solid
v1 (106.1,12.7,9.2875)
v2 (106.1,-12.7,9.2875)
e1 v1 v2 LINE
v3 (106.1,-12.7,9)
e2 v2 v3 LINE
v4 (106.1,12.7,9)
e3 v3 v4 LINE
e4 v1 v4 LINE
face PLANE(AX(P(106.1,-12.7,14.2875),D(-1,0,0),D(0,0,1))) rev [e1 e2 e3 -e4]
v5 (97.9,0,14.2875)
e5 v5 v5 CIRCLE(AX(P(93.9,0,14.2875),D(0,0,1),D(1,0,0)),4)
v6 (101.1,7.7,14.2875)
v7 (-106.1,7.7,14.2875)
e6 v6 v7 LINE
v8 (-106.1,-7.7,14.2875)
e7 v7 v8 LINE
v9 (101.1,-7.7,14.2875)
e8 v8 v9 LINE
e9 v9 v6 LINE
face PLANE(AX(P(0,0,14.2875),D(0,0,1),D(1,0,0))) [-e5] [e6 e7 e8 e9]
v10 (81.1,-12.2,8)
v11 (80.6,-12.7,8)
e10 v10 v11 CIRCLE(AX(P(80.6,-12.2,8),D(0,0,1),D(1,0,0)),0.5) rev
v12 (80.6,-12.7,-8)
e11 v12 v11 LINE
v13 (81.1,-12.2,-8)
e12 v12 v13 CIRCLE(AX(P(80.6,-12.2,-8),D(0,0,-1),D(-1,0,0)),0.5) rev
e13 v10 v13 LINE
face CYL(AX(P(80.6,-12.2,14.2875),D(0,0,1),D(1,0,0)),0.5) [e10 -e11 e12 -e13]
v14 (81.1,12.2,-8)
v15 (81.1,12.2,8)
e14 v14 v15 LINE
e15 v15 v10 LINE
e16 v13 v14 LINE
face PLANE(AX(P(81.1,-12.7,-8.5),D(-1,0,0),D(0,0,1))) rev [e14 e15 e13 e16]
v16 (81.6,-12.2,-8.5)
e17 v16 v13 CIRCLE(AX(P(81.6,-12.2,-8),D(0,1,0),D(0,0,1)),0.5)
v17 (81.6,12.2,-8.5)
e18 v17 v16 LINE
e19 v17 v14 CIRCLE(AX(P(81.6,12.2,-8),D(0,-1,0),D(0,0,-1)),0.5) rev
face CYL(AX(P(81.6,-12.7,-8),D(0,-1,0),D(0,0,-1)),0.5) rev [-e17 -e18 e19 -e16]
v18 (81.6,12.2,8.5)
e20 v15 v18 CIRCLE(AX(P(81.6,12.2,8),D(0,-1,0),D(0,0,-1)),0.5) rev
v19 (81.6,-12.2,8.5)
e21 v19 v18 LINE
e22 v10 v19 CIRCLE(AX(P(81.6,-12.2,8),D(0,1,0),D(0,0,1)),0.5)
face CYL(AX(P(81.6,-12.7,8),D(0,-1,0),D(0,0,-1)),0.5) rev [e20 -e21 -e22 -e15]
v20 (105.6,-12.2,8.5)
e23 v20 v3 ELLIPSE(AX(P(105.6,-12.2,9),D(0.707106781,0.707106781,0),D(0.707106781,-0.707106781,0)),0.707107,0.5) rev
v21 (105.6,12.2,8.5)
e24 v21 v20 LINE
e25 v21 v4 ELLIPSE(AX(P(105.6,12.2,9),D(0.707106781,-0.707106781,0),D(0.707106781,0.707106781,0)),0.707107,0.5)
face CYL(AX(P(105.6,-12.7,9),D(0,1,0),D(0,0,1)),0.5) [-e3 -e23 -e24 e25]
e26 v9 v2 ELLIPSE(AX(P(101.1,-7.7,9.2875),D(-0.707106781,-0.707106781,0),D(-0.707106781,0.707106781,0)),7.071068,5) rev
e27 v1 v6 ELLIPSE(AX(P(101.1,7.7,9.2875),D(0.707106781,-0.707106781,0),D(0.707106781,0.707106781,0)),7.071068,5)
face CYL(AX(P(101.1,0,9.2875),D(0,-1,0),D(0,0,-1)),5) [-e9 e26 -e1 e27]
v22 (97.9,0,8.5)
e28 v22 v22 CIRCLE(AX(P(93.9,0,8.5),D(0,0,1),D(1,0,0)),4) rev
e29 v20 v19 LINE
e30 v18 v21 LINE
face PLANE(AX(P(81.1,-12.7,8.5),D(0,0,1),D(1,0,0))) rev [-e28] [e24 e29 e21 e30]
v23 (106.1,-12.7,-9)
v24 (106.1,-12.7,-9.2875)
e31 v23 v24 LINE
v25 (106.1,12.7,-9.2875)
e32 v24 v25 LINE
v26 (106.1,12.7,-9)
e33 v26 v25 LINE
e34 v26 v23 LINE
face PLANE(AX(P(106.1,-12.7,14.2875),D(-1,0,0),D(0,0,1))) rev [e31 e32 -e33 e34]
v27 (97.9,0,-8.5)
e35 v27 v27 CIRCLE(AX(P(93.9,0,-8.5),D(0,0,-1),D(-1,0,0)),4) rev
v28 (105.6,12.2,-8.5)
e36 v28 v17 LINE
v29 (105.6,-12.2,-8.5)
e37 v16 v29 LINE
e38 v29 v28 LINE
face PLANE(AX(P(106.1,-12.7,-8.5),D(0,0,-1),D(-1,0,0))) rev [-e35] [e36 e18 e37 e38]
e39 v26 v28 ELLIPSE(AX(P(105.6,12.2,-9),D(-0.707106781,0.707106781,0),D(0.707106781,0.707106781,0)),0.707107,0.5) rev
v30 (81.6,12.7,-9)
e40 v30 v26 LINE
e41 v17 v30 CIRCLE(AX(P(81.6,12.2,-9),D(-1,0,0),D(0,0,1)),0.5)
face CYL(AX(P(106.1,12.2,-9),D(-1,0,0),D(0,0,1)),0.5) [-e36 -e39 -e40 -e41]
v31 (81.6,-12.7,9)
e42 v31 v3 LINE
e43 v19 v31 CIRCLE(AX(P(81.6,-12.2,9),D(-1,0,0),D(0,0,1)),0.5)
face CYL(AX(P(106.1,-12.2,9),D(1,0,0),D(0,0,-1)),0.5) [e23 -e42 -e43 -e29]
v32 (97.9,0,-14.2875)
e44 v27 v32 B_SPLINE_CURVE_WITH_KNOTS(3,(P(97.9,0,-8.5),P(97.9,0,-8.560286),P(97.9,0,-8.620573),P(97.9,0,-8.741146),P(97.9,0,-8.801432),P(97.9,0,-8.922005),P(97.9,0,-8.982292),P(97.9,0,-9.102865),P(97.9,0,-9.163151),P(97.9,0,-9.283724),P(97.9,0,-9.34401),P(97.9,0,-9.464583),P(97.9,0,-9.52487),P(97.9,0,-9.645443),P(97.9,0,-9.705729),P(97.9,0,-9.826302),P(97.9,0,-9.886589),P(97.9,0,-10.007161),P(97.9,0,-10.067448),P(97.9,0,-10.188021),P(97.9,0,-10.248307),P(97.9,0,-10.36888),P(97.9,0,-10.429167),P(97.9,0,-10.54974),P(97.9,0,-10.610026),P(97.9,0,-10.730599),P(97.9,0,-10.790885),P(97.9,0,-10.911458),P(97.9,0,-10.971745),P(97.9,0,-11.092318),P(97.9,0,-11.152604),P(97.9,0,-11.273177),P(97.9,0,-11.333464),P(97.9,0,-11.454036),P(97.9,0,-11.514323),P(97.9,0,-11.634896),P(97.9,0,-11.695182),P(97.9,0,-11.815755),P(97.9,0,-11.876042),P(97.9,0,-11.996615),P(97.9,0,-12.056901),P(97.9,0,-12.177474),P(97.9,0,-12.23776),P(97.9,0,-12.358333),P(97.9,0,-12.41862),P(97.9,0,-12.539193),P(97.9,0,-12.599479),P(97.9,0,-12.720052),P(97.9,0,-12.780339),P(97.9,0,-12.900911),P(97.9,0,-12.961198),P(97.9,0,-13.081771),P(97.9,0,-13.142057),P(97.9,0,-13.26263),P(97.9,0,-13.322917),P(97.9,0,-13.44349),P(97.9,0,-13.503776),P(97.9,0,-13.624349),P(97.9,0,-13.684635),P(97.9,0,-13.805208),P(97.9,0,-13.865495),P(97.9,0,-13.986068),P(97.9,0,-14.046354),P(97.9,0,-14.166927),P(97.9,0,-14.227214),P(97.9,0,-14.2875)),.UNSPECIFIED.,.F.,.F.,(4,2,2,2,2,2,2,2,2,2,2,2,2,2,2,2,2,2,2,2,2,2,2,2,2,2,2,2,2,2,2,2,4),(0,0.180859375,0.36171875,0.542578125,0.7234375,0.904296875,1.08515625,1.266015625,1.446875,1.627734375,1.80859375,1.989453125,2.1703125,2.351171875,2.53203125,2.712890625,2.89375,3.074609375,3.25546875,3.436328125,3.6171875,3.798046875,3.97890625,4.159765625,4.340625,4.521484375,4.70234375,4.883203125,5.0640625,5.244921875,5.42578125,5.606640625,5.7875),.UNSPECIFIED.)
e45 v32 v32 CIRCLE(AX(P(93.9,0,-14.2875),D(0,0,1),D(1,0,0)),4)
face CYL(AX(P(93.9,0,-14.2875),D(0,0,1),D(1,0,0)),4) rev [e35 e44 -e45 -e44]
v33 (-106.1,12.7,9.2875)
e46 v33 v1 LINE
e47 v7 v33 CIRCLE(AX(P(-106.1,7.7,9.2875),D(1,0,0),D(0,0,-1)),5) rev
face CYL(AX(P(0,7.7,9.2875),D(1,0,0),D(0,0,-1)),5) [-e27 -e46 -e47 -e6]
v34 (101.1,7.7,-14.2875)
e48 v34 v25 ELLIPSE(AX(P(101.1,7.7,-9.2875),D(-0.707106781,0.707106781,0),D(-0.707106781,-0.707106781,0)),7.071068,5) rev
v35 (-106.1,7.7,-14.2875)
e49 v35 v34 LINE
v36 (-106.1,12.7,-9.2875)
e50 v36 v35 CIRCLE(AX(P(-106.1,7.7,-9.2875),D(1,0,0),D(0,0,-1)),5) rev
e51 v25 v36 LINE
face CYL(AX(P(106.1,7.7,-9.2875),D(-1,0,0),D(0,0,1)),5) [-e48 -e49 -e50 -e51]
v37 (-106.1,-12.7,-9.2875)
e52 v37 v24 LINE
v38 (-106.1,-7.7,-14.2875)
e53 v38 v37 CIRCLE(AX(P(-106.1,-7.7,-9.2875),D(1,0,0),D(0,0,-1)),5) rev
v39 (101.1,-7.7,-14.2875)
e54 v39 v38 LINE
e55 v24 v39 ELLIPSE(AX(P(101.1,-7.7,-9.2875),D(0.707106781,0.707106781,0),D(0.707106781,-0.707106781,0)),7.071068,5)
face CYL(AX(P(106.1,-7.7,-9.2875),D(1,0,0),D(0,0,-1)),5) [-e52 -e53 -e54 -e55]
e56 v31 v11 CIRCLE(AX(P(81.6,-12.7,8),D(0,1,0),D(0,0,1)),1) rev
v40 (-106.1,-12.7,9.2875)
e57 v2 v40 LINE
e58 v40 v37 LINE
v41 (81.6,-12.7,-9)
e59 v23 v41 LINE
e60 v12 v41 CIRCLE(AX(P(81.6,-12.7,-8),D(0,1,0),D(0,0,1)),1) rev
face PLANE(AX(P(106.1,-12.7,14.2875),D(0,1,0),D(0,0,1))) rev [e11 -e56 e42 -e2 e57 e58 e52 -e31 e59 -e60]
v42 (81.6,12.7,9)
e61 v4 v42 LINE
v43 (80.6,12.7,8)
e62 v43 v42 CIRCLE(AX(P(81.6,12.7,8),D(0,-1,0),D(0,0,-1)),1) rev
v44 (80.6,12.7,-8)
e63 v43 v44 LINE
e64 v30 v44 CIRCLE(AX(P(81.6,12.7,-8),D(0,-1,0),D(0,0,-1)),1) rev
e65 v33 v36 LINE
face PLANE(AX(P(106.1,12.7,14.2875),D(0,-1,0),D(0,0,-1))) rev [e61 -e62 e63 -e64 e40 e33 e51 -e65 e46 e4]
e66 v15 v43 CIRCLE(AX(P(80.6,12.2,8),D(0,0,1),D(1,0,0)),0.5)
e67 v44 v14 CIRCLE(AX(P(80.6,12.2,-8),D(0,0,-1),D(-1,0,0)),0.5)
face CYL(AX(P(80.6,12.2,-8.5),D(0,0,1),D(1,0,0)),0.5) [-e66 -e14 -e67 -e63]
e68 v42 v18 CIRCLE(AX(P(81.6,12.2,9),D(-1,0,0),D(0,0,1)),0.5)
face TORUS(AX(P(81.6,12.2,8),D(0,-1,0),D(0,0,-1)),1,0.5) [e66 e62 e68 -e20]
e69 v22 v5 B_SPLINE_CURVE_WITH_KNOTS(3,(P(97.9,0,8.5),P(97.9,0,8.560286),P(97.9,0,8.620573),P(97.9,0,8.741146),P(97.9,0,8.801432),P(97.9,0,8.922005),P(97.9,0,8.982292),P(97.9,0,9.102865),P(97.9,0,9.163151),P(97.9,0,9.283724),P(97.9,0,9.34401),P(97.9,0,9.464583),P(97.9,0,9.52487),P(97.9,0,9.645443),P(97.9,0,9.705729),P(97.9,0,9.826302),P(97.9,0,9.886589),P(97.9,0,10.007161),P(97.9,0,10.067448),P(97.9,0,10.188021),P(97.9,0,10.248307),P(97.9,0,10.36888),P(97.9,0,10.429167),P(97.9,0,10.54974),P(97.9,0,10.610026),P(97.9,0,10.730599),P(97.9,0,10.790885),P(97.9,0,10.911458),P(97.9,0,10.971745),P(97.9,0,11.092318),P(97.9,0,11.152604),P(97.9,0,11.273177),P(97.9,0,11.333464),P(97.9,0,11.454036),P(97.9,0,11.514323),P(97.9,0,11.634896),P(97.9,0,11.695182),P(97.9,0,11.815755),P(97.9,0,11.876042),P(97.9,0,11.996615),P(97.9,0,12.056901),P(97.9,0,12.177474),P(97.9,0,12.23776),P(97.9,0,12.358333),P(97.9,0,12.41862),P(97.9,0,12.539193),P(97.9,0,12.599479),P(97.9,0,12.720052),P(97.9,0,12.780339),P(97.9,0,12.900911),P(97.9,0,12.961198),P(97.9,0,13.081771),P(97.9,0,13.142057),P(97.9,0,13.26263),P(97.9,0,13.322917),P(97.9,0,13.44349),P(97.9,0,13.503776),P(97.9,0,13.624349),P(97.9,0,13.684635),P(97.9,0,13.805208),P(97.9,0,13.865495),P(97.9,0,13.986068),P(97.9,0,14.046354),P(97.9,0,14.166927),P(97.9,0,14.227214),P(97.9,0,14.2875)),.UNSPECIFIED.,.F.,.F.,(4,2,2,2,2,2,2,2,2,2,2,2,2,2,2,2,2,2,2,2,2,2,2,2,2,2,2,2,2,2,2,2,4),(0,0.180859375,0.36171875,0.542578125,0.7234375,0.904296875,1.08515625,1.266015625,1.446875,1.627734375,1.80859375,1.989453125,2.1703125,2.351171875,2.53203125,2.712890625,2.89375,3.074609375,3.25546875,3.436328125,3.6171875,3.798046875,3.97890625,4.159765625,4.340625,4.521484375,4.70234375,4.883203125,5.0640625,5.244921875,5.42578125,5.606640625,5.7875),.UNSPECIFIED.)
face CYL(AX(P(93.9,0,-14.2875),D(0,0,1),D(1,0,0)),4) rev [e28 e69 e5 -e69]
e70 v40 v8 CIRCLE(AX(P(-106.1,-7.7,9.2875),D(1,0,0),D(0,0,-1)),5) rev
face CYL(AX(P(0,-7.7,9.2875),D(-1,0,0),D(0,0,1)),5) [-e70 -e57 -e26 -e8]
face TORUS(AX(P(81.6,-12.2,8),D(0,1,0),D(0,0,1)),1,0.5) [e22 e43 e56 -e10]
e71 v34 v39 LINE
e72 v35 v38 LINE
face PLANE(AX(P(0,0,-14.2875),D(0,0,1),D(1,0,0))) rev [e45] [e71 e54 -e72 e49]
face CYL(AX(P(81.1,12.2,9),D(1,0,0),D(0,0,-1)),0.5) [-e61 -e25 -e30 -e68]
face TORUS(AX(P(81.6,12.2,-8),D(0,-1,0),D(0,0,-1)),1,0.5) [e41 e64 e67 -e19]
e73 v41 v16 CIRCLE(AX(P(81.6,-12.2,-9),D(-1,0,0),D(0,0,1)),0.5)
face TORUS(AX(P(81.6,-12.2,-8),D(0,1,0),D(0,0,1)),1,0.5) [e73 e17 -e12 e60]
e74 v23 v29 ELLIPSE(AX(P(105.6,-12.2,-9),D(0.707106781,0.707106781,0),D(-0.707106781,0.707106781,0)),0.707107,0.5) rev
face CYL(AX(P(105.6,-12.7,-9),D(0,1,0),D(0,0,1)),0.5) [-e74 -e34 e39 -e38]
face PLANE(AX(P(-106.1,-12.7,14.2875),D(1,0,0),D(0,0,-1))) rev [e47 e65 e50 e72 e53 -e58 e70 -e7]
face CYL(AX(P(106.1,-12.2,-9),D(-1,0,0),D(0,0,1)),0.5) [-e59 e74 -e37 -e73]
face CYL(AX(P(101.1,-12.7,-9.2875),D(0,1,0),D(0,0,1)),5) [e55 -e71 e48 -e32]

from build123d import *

# Parameters (mm, degrees)
SKETCH1_W               = 212.2
SKETCH1_H               = 25.4
BOSS_EXTRUDE1_DEPTH     = 14.2875
CUT_EXTRUDE2_DEPTH      = 108.808314412
CUT_EXTRUDE2_DEPTH_BACK = 108.808314412
SKETCH2_R               = 4
CUT_EXTRUDE3_DEPTH      = 108.808314412
CUT_EXTRUDE3_DEPTH_BACK = 108.808314412
SKETCH3_W               = 25
SKETCH3_H               = 17
FILLET3_R               = 5
FILLET4_R               = 0.5


with BuildPart() as part:
    # Sketch1 → Boss-Extrude1 (new, symmetric)
    with BuildSketch(Plane.XY):
        Rectangle(SKETCH1_W, SKETCH1_H)
    extrude(amount=BOSS_EXTRUDE1_DEPTH, both=True)

    # Sketch2 → Cut-Extrude2 (cut, two sides: drawn at the far end of the back side and taken through both)
    with BuildSketch(Plane.XY.offset(-CUT_EXTRUDE2_DEPTH_BACK)):
        with Locations((93.9, 0)):
            Circle(SKETCH2_R)
    extrude(amount=CUT_EXTRUDE2_DEPTH + CUT_EXTRUDE2_DEPTH_BACK, mode=Mode.SUBTRACT)

    # Sketch3 → Cut-Extrude3 (cut, two sides: drawn at the far end of the back side and taken through both)
    with BuildSketch(Plane(origin=(0, 0, 0), x_dir=(1, 0, 0), z_dir=(0, 1, 0)).offset(-CUT_EXTRUDE3_DEPTH_BACK)):
        with Locations((93.6, 0)):
            Rectangle(SKETCH3_W, SKETCH3_H)
    extrude(amount=CUT_EXTRUDE3_DEPTH + CUT_EXTRUDE3_DEPTH_BACK, mode=Mode.SUBTRACT)

    # Fillet3
    fillet3_edges = [part.edges().sort_by_distance(p)[0] for p in [
        (106.1, 0, 14.2875),
        (0, 12.7, 14.2875),
        (0, 12.7, -14.2875),
        (106.1, 0, -14.2875),
        (0, -12.7, -14.2875),
        (0, -12.7, 14.2875),
    ]]
    fillet(fillet3_edges, radius=FILLET3_R)

    # Fillet4
    fillet4_edges = [part.edges().sort_by_distance(p)[0] for p in [
        (106.1, 0, 8.5),
        (93.6, -12.7, 8.5),
        (81.1, 0, -8.5),
        (93.6, -12.7, -8.5),
        (106.1, 0, -8.5),
        (81.1, 0, 8.5),
        (81.1, -12.7, 0),
        (93.6, 12.7, -8.5),
        (81.1, 12.7, 0),
        (93.6, 12.7, 8.5),
    ]]
    fillet(fillet4_edges, radius=FILLET4_R)


solid = part.part
